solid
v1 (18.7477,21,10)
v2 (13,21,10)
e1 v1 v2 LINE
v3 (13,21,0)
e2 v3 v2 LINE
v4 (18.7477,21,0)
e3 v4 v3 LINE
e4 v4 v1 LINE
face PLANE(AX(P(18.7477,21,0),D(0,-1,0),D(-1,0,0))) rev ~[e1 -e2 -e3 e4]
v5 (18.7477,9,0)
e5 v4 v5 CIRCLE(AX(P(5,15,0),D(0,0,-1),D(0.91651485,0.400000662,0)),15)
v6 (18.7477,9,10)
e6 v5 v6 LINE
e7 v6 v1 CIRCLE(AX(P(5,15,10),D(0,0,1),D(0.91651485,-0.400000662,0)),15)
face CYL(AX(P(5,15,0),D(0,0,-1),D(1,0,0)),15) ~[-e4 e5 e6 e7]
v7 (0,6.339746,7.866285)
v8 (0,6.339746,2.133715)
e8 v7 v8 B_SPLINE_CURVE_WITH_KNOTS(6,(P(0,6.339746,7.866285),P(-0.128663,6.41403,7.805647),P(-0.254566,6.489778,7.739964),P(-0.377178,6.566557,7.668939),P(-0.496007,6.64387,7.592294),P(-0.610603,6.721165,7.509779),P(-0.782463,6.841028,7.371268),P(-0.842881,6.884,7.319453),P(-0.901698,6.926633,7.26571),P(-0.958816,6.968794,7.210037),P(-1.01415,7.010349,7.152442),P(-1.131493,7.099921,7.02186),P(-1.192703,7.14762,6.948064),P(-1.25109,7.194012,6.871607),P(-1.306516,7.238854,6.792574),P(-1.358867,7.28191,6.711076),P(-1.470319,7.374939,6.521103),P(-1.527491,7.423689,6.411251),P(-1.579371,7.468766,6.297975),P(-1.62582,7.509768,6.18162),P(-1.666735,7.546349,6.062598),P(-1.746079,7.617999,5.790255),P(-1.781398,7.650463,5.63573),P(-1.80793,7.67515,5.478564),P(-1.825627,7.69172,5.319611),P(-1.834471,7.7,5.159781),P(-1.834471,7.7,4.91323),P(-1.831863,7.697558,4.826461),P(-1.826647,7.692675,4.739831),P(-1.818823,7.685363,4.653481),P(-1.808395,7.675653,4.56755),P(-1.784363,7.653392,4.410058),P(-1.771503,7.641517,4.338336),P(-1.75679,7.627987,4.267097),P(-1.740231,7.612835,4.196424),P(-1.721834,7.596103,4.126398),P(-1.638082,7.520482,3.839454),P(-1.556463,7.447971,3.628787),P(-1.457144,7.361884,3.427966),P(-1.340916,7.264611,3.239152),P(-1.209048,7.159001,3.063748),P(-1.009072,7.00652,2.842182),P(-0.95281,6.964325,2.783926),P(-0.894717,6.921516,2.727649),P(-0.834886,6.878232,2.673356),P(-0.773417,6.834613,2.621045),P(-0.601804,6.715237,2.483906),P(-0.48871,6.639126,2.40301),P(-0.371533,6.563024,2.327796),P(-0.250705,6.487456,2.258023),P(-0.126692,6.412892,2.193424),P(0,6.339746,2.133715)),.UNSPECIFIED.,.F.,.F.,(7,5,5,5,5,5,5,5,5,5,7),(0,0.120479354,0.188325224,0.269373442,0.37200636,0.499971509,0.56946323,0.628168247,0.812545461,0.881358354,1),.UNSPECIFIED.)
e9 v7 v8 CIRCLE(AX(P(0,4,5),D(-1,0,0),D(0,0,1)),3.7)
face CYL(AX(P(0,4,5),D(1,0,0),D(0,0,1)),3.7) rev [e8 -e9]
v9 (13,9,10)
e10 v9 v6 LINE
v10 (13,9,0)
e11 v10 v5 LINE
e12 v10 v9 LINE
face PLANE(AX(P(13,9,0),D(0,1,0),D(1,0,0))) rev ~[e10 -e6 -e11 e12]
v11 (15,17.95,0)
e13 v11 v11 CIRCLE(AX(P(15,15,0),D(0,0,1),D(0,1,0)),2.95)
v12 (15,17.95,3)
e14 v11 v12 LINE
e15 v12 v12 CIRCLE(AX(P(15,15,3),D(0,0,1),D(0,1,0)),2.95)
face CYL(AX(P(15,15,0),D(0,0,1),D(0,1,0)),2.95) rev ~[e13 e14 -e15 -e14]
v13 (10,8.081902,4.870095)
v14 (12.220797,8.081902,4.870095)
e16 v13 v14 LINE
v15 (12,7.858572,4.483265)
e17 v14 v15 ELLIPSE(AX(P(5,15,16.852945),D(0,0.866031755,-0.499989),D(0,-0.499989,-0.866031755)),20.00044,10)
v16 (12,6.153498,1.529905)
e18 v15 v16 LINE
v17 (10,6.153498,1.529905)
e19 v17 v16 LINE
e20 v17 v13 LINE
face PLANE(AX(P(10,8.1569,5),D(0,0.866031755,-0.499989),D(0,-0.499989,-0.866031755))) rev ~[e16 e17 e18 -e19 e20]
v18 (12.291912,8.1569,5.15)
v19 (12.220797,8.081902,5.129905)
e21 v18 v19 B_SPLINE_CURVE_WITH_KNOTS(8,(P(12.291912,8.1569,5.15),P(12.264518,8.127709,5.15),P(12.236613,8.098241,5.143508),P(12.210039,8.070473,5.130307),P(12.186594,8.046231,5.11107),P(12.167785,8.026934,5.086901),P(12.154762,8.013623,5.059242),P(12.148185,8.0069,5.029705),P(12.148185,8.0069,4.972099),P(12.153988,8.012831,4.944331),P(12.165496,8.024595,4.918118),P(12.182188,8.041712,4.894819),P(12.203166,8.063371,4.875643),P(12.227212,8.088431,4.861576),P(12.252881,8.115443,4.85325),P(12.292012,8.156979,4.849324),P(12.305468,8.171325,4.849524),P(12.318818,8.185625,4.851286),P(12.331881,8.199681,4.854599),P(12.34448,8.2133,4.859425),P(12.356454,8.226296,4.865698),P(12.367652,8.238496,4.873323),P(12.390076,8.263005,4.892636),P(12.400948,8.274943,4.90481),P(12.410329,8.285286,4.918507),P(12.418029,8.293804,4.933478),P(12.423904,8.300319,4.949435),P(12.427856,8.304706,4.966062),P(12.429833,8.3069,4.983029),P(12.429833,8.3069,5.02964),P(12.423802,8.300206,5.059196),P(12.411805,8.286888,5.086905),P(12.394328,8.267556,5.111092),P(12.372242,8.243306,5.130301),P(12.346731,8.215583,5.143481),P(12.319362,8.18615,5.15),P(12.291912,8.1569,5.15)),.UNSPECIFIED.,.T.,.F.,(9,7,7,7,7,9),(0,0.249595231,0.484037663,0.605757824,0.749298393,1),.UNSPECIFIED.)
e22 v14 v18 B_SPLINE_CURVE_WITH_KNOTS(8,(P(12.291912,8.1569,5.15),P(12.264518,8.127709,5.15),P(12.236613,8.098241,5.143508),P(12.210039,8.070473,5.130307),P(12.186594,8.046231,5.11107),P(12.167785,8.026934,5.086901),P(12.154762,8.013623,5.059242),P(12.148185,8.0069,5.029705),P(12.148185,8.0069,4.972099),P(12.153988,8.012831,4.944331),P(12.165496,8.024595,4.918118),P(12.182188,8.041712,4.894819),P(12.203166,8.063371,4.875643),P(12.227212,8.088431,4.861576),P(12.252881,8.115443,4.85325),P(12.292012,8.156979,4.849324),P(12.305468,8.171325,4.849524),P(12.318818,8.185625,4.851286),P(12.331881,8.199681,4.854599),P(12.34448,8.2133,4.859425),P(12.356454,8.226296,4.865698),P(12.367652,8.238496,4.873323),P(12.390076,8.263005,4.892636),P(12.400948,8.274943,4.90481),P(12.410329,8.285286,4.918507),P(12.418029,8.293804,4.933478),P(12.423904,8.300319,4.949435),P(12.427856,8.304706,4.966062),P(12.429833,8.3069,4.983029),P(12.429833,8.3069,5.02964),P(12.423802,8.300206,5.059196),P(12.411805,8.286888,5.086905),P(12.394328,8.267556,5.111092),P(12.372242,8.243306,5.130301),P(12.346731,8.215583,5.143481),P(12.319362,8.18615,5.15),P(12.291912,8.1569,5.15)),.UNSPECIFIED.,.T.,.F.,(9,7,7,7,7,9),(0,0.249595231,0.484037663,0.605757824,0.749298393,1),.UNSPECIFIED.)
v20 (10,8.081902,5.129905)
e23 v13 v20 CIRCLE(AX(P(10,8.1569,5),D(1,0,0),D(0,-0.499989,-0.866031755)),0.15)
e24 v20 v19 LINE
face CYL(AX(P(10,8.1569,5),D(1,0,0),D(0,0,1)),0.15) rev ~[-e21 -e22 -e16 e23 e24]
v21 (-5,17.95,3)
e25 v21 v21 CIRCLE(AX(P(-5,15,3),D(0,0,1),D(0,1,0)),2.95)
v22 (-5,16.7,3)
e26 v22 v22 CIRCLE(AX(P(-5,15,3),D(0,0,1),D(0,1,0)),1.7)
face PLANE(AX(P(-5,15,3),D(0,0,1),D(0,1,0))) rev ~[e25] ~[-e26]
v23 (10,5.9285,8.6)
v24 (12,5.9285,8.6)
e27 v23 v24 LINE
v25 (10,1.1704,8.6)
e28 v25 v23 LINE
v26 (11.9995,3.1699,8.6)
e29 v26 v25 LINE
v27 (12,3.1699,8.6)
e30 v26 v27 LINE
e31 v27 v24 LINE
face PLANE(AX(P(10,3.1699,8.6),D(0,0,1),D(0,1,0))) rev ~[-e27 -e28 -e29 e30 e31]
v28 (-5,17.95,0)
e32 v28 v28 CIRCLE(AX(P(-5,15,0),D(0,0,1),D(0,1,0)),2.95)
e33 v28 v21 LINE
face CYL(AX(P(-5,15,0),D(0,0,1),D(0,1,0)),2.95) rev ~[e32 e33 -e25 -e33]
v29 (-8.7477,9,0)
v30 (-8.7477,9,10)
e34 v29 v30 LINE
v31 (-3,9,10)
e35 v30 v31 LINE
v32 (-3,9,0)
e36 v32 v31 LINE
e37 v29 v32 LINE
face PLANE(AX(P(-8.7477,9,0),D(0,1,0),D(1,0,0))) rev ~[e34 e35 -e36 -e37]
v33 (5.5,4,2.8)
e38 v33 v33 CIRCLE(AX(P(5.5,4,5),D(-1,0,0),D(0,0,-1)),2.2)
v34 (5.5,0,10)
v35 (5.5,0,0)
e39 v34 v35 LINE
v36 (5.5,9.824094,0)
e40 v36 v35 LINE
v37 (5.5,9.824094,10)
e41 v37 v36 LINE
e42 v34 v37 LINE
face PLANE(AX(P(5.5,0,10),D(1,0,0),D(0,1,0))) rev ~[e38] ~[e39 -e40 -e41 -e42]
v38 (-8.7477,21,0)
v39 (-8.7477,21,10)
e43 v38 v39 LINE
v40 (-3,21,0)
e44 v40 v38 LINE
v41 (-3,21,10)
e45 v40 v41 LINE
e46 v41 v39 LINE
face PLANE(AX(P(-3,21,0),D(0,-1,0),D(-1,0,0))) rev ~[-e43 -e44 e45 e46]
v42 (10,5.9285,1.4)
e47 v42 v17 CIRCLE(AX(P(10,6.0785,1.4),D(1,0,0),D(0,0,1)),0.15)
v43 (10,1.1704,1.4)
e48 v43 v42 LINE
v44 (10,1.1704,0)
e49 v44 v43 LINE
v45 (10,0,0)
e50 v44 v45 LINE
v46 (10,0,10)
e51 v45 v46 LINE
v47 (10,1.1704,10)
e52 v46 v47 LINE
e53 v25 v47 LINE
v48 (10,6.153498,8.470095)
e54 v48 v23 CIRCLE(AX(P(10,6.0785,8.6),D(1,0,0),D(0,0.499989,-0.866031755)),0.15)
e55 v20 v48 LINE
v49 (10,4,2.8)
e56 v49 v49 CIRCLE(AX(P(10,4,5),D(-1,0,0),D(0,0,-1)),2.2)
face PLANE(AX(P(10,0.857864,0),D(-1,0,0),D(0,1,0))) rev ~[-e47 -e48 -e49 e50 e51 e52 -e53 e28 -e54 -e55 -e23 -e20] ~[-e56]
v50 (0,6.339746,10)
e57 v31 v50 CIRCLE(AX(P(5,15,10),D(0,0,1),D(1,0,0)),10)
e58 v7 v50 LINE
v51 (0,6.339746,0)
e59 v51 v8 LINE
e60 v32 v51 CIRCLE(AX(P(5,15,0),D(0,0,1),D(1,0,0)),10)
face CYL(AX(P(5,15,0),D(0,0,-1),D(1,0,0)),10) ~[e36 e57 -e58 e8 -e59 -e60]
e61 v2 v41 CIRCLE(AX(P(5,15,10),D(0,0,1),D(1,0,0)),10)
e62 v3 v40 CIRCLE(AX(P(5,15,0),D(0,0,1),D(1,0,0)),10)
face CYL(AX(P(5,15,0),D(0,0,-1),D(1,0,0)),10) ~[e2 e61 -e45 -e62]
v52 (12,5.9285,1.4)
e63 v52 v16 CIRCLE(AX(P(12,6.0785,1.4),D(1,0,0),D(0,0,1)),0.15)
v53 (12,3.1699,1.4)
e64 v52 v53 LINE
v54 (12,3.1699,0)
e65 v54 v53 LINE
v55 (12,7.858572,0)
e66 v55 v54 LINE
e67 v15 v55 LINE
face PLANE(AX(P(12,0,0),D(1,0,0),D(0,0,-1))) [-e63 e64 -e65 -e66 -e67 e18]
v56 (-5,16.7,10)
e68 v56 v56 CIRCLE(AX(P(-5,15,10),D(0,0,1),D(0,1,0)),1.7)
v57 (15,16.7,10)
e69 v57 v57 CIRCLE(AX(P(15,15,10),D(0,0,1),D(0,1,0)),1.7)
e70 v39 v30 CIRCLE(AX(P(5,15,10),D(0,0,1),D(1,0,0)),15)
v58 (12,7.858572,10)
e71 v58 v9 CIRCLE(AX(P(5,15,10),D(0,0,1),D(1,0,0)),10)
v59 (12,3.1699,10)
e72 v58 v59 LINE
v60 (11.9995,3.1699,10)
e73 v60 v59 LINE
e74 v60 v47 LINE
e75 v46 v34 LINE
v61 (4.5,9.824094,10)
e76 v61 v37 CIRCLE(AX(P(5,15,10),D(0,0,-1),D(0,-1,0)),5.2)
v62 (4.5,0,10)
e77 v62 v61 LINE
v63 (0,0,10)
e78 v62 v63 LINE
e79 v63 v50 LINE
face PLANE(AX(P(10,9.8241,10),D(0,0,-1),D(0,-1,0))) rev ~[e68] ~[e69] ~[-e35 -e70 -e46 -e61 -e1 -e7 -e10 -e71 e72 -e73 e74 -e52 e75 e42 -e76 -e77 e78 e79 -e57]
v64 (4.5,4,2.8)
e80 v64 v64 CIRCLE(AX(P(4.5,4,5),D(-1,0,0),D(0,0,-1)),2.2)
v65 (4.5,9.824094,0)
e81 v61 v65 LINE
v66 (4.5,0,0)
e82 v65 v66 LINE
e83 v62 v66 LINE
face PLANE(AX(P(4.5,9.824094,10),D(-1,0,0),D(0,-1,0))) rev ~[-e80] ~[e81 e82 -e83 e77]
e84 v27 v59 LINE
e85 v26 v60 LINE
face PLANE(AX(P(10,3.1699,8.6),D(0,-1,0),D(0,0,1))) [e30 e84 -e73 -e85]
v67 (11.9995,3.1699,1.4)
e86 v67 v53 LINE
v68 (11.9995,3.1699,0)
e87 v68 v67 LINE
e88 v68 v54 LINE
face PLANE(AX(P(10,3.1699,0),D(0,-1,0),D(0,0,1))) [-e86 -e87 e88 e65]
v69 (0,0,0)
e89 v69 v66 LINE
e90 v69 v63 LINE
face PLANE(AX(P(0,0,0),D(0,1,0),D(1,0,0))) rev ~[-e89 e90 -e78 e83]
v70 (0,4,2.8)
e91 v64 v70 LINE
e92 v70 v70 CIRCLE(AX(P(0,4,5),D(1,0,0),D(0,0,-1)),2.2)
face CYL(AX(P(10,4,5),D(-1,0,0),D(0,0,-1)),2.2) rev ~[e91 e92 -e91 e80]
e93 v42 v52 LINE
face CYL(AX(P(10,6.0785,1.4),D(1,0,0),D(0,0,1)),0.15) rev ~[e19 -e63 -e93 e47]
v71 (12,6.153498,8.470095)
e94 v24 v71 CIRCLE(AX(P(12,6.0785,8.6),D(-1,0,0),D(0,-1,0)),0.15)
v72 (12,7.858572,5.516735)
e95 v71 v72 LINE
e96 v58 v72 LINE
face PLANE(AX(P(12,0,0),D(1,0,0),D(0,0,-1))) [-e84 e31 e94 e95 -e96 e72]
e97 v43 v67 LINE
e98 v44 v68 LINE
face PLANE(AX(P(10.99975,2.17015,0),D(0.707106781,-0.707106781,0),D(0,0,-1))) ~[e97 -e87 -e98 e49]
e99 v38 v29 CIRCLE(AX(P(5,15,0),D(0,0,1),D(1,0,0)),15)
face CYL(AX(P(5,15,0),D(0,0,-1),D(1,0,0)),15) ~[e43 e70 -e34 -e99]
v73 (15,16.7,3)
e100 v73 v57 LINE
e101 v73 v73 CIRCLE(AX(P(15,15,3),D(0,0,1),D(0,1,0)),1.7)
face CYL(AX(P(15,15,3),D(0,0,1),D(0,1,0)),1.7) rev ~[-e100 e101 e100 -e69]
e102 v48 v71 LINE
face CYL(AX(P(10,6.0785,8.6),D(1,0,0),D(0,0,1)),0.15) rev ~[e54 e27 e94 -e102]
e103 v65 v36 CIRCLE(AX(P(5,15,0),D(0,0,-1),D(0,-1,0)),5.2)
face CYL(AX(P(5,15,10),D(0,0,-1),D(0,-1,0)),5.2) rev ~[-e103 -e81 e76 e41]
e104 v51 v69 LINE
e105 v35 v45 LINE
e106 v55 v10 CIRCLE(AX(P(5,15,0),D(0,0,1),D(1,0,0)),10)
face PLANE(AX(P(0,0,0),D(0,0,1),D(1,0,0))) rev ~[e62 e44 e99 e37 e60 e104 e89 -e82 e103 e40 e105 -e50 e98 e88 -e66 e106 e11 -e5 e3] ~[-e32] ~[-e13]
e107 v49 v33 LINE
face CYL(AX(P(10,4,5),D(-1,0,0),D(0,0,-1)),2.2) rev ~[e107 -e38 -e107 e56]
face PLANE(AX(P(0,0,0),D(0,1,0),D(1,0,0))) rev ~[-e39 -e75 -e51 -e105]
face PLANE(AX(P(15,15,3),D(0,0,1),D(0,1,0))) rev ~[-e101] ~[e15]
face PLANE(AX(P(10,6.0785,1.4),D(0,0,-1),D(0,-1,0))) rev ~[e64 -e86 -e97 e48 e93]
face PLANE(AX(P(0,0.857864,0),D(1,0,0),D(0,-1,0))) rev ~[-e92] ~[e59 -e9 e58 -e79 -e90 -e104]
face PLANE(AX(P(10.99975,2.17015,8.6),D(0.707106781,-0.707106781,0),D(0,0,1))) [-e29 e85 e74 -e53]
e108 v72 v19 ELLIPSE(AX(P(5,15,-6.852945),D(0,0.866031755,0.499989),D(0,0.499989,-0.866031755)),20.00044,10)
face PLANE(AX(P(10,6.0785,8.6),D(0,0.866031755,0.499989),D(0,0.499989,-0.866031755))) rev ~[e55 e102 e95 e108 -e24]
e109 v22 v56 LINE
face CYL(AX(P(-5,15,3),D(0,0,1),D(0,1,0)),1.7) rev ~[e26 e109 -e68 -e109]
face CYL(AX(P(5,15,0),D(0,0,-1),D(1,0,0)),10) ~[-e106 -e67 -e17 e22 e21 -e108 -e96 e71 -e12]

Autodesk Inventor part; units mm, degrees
ref_plane "YZ Plane" through (0, 0, 0) normal (1, 0, 0) x (0, 1, 0)
ref_plane "XZ Plane" through (0, 0, 0) normal (0, 1, 0) x (-1, 0, 0)
ref_plane "XY Plane" through (0, 0, 0) normal (0, 0, 1) x (1, 0, 0)
sketch "スケッチ1" plane through (0, 0, 0) normal (0, 0, 1) x (1, 0, 0)
  line L0 (0, 0) -> (10, 0)
  line L1 (10, 0) -> (10, 15)
  line L2 (10, 15) -> (0, 15)
  line L3 (0, 15) -> (0, 0)
  circle A0 centre (5, 15) radius 10
  circle A1 centre (5, 15) radius 15
  line L4 (-8.7477, 9) -> (18.7477, 9)
  line L5 (18.7477, 9) -> (18.7477, 21)
  line L6 (18.7477, 21) -> (-8.7477, 21)
  line L7 (-8.7477, 21) -> (-8.7477, 9)
  line L8 (-8.7477, 9) -> (18.7477, 21) construction
  line L9 (18.7477, 9) -> (-8.7477, 21) construction
  point P0 (0, 6.3397)
  point P1 (10, 6.3397)
  point P2 (-8.7477, 9)
  point P3 (-3, 9)
  point P4 (-3, 21)
  point P5 (-8.7477, 21)
  point P6 (13, 21)
  point P7 (13, 9)
  point P8 (18.7477, 9)
  point P9 (10, 9)
  point P10 (0, 9)
  point P11 (-8.7477, 9)
  point P12 (-8.7477, 21)
  point P13 (18.7477, 9)
  point P14 (10, 0.8579)
  point P15 (0, 0.8579)
  point P16 (5, 0)
  dimension "d41" = 30
  dimension "d0" = 15
  dimension "d1" = 20
  dimension "d27" = 10
  dimension "d28" = 5
  dimension "d42" = 12
extrude "押し出し1" add sketch "スケッチ1" along normal blind 10 contours L3 A1 L0 | A1 L1 L0 | A1 L3 A0 L1 | A0 L4 L3 | L3 L4 L1 A0 | L7 L6 A0 L4 | A1 L7 | L1 L4 A0 | L5 A1 | L4 A0 L6 L5 | L4 A0 L6 L1 L2 L3 | L3 L2 L1 L4 | A0 L6
sketch "スケッチ2" plane through (0, 0, 10) normal (0, 0, 1) x (1, 0, 0)
  arc A0 (10, 6.3397) -> (0, 6.3397) centre (5, 15) ccw projected
  point P0 (0, 0)
  point P1 (5, 15)
hole "穴1" at (5, 15, 10) direction (0, 0, -1) diameter 10.4 end through all
sketch "スケッチ3" plane through (0, 0, 10) normal (0, 0, 1) x (1, 0, 0)
  line L0 (0, 0) -> (10, 0) projected
  line L1 (4.5, 0) -> (5.5, 0)
  line L2 (5.5, 0) -> (5.5, 15)
  line L3 (5.5, 15) -> (4.5, 15)
  line L4 (4.5, 15) -> (4.5, 0)
  line L5 (0, 6.3397) -> (0, 0) projected
  circle A0 centre (5, 15) radius 5.2 projected
  point P0 (5, 0)
  point P1 (5, 0)
  dimension "d14" = 1
extrude "押し出し2" cut sketch "スケッチ3" against normal up to surface (10 mm away) contours L4 A0 L2 L0 | L4 L3 L2 A0 picked at (5.0556, 13.2676)
sketch "スケッチ4" plane through (10, 0, 0) normal (1, 0, 0) x (0, 0, -1)
  circle A0 centre (-5, 4) radius 1.5
  line L0 (0, 0) -> (-10, 0) projected
  line L1 (0, 0) -> (0, 6.3397) projected
  line L2 (-5, 0) -> (-5, 10)
  point P0 (0, 10)
  dimension "d17" = 4
  dimension "d19" = 3
hole "穴2" at (10, 4, 5) direction (-1, 0, 0) diameter 4.4 end through all
sketch "スケッチ7" plane through (10, 0, 0) normal (1, 0, 0) x (0, 0, -1)
  circle A0 centre (-5, 4) radius 2.2 projected
  line L0 (-5, 8.1569) -> (-1.4, 6.0785)
  line L1 (-1.4, 6.0785) -> (-1.4, 1.9215)
  line L2 (-1.4, 1.9215) -> (-5, -0.1569)
  line L3 (-5, -0.1569) -> (-8.6, 1.9215)
  line L4 (-8.6, 1.9215) -> (-8.6, 6.0785)
  line L5 (-8.6, 6.0785) -> (-5, 8.1569)
  line L6 (-10, 9.8241) -> (-10, 0) projected
  line L7 (0, 0) -> (0, 6.3397) projected
  line L8 (-10, 9.8241) -> (0, 9.8241)
  line L9 (0, 9.8241) -> (0, 3.1699)
  line L10 (0, 3.1699) -> (-10, 3.1699)
  line L11 (-10, 3.1699) -> (-10, 9.8241)
  point P0 (-1.4, 3.1699)
  point P1 (0, 6.3397)
  point P2 (-8.6, 3.1699)
  point P3 (-7.0374, 3.1699)
  point P4 (-2.9626, 3.1699)
  dimension "d35" = 7.2
extrude "押し出し5" add sketch "スケッチ7" along normal blind 2 contours L10 L6 L8 L9 L7 L1 L0 L5 L4
chamfer "面取り1" distance 2 angle 45 2 edges at (10, 3.1699, 9.3) (10, 3.1699, 0.7)
sketch "スケッチ8" plane through (0, 0, 0) normal (0, 0, -1) x (-1, 0, 0)
  circle A0 centre (-5, 15) radius 10 construction
  arc A1 (-4.5, 9.8241) -> (-5.5, 9.8241) centre (-5, 15) ccw construction
  point P0 (0, 0)
  point P1 (5, 15)
  point P2 (-15, 15)
  dimension "d44" = 20
hole "穴3" at (-5, 15, 0) at (15, 15, 0) direction (0, 0, 1) diameter 3.4 end through all counterbore diameter 5.9 counterbore depth 3
extrude "押し出し7" cut sketch "スケッチ7" along normal through all contours A0 L10 L4 L5 L0 L1
sketch "スケッチ10" plane through (0, 6.3397, 0) normal (-1, 0, 0) x (0, 0, 1)
  circle A0 centre (5, -2.3397) radius 2.2 projected
  circle A1 centre (5, -2.3397) radius 3.7
  point P0 (0, -6.3397)
  dimension "d57" = 7.4
extrude "押し出し8" cut sketch "スケッチ10" along normal blind 10
hole "穴4" at (10, 6.0785, 8.6) at (10, 6.0785, 1.4) at (10, 8.1569, 5) direction (1, 0, 0) diameter 0.3 end through all
equation "\"d28\" = 0.5 * d27"
properties part number "軸止め" material "ABS プラスチック"
